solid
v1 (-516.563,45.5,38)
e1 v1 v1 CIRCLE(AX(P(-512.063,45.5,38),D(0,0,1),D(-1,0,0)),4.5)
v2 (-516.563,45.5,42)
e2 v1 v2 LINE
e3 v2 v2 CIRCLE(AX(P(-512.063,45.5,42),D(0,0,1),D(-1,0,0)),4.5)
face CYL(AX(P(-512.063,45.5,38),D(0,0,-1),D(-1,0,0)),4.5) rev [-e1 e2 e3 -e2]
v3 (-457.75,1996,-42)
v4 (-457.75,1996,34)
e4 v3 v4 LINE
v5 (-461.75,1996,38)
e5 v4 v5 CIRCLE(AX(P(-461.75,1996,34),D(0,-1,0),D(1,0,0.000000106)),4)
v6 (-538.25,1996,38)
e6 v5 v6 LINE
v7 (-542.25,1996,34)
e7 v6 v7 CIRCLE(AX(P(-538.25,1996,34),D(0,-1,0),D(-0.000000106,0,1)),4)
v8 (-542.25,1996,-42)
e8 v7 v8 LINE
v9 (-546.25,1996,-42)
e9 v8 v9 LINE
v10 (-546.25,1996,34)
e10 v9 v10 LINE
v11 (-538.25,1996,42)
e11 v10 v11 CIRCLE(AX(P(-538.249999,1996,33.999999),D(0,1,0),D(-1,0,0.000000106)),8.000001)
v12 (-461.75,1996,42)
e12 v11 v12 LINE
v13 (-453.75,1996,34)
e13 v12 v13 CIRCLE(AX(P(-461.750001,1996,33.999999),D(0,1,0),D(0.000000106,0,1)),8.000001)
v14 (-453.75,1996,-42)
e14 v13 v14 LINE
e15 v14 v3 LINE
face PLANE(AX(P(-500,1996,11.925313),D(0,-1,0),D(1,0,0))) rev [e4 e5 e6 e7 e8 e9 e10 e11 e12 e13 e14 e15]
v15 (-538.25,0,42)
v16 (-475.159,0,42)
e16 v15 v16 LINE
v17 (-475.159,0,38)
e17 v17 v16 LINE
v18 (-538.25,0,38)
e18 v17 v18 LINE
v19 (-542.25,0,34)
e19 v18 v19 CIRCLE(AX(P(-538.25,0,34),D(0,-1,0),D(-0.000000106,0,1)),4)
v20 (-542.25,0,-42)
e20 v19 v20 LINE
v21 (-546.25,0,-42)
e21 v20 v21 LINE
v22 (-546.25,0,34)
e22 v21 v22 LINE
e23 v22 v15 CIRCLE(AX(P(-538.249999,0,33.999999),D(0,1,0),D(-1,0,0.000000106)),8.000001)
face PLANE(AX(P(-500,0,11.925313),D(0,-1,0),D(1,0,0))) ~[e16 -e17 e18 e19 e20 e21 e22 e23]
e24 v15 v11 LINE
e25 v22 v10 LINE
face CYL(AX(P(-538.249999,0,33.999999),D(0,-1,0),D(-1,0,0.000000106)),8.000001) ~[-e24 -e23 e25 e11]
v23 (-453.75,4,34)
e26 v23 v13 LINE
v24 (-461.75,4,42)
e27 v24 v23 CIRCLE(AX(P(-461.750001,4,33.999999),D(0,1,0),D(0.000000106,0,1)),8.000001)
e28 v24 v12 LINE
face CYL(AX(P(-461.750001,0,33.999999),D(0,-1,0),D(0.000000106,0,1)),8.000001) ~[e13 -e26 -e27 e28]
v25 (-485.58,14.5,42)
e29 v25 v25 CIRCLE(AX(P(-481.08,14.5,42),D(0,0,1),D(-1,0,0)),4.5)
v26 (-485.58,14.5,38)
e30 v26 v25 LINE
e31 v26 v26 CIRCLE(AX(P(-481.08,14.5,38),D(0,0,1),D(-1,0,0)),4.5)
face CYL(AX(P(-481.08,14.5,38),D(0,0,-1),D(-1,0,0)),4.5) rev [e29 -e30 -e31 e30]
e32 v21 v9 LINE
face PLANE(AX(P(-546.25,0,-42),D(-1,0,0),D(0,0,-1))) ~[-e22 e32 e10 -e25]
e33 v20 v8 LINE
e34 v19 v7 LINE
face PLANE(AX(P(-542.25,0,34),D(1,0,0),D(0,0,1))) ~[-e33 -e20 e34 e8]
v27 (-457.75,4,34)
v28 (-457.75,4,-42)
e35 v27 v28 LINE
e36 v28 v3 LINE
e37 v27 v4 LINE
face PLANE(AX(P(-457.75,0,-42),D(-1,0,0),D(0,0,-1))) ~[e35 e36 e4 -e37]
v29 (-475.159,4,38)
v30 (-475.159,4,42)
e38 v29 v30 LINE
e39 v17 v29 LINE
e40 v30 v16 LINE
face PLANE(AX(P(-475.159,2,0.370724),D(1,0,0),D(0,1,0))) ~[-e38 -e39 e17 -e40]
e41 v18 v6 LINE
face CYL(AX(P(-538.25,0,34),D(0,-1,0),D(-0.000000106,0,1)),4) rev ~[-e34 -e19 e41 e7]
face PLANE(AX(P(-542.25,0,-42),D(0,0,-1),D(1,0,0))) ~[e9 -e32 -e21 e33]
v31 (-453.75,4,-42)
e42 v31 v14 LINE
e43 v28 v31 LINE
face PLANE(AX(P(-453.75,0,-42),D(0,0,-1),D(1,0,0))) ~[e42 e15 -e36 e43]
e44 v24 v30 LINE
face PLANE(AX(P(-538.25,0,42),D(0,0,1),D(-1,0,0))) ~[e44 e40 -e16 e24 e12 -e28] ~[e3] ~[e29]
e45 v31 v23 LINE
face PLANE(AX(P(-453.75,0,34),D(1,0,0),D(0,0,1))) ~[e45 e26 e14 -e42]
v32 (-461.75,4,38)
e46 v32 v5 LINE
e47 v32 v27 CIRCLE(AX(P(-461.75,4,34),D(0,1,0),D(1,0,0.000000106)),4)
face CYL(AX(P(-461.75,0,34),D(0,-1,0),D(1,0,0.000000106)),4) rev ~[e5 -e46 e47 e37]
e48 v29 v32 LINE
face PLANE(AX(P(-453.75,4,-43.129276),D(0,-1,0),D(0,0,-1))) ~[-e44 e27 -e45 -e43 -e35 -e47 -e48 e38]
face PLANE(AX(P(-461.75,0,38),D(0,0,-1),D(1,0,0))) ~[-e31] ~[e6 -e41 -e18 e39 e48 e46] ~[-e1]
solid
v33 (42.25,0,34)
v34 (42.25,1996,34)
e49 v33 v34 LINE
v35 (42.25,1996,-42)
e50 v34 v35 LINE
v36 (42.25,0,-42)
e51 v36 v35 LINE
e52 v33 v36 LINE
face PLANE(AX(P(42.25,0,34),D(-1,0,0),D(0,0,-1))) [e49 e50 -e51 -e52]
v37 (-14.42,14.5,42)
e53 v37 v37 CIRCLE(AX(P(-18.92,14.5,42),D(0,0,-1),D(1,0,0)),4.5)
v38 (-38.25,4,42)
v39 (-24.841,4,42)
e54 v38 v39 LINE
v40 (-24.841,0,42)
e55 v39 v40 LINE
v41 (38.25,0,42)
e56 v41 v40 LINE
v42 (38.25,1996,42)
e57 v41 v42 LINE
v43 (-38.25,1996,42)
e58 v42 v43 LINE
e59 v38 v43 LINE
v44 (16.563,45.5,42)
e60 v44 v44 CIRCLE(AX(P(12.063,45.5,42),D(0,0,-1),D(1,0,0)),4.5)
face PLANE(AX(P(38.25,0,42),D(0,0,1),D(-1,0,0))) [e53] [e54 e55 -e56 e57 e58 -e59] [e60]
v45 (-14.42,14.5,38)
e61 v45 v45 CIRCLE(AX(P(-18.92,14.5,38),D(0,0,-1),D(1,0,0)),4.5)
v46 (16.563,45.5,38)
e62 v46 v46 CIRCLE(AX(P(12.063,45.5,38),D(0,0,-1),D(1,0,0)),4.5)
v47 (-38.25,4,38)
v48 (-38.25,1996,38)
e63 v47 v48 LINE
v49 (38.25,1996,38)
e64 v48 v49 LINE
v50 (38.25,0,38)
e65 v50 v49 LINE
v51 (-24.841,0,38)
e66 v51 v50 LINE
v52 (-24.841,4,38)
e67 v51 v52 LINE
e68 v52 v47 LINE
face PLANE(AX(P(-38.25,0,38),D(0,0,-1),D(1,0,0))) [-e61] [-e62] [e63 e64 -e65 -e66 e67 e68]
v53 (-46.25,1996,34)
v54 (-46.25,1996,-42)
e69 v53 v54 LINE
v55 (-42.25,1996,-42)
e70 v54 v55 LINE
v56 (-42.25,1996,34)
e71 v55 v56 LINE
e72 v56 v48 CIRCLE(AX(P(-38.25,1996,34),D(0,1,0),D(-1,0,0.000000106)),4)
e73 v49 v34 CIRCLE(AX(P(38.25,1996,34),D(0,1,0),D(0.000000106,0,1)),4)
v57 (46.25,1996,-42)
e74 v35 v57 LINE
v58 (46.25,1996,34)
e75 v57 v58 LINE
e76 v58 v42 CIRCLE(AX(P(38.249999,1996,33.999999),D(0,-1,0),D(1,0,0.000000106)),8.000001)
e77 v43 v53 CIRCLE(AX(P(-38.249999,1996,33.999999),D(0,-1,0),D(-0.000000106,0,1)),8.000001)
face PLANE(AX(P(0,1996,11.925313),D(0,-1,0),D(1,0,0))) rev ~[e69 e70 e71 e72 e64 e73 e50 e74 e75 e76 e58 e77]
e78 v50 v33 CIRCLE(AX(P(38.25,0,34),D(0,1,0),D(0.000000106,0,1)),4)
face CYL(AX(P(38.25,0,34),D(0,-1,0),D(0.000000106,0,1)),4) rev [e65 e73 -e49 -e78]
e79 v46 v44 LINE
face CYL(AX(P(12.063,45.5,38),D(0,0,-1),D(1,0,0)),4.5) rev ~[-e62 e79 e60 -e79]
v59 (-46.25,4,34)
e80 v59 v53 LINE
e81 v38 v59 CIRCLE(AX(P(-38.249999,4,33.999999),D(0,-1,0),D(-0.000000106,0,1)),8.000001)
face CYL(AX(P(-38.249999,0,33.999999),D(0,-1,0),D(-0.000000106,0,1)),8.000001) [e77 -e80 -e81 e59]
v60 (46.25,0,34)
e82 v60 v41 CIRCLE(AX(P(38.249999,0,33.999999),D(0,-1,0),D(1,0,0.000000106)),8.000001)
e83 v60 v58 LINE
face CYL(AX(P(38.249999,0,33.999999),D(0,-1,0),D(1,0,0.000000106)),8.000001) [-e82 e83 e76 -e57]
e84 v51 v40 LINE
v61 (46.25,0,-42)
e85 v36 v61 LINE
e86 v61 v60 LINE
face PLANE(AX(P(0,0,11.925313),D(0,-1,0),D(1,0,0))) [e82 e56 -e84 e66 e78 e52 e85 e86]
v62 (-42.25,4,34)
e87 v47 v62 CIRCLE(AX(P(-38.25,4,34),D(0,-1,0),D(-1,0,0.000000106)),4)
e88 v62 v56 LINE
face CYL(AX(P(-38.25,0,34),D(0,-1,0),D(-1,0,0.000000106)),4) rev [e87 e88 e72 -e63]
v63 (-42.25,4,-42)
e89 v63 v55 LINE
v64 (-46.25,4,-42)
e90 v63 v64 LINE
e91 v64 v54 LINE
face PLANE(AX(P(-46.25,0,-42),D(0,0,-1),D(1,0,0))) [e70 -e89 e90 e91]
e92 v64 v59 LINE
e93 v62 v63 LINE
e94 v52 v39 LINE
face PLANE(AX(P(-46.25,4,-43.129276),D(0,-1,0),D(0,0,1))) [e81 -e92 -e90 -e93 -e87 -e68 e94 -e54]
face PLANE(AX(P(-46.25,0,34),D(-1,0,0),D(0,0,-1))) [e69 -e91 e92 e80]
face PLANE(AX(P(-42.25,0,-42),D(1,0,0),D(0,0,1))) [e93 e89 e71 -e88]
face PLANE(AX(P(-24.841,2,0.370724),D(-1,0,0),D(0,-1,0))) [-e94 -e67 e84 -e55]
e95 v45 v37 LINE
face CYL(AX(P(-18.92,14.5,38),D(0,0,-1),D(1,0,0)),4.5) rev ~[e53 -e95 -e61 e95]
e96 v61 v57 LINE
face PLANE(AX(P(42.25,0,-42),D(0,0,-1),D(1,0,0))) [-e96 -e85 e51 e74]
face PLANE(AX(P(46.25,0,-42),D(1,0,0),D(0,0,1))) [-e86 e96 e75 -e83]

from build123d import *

# Parameters (mm, degrees)
F1_DEPTH = 1996
F3_W     = 4
F3_H     = 87
F4_DEPTH = 21.409
F6_R     = 4.5
F5_R     = 4.5
F7_DEPTH = 4


with BuildPart() as f1:
    # F0 (on Front) → F1 (new body)
    with BuildSketch(Plane.XZ):
        with BuildLine():
            Line((-46.25, 34), (-46.25, -42))
            Line((-46.25, -42), (-42.25, -42))
            Line((-42.25, -42), (-42.25, 34))
            ThreePointArc((-42.25, 34), (-41.078427, 36.828427), (-38.25, 38))
            Line((-38.25, 38), (38.25, 38))
            ThreePointArc((38.25, 38), (41.078427, 36.828427), (42.25, 34))
            Line((42.25, 34), (42.25, -42))
            Line((42.25, -42), (46.25, -42))
            Line((46.25, -42), (46.25, 34))
            ThreePointArc((46.25, 34), (43.906854, 39.656854), (38.25, 42))
            Line((38.25, 42), (-38.25, 42))
            ThreePointArc((-38.25, 42), (-43.906854, 39.656854), (-46.25, 34))
        make_face()
    extrude(amount=-F1_DEPTH)

    # F3 (on face) → F4 (cut)
    with BuildSketch(Plane(origin=(-46.25, 0, 0), x_dir=(0, -1, 0), z_dir=(-1, 0, 0))):
        with Locations((-2, 0.370724)):
            Rectangle(F3_W, F3_H)
    extrude(amount=-F4_DEPTH, mode=Mode.SUBTRACT)

    # F6 (on face) + F5 (on face) → F7 (cut)
    with BuildSketch(Plane(origin=(0, 0, 38), x_dir=(1, 0, 0), z_dir=(0, 0, -1))):
        with Locations((12.063, -45.5)):
            Circle(F6_R)
    with BuildSketch(Plane(origin=(0, 0, 38), x_dir=(1, 0, 0), z_dir=(0, 0, -1))):
        with Locations((-18.92, -14.5)):
            Circle(F5_R)
    extrude(amount=-F7_DEPTH, mode=Mode.SUBTRACT)


with BuildPart() as f9_1:
    # F9: instance of F1
    add(f1.part.mirror(Plane.YZ.offset(-250)))


solid = Compound([f1.part, f9_1.part])
